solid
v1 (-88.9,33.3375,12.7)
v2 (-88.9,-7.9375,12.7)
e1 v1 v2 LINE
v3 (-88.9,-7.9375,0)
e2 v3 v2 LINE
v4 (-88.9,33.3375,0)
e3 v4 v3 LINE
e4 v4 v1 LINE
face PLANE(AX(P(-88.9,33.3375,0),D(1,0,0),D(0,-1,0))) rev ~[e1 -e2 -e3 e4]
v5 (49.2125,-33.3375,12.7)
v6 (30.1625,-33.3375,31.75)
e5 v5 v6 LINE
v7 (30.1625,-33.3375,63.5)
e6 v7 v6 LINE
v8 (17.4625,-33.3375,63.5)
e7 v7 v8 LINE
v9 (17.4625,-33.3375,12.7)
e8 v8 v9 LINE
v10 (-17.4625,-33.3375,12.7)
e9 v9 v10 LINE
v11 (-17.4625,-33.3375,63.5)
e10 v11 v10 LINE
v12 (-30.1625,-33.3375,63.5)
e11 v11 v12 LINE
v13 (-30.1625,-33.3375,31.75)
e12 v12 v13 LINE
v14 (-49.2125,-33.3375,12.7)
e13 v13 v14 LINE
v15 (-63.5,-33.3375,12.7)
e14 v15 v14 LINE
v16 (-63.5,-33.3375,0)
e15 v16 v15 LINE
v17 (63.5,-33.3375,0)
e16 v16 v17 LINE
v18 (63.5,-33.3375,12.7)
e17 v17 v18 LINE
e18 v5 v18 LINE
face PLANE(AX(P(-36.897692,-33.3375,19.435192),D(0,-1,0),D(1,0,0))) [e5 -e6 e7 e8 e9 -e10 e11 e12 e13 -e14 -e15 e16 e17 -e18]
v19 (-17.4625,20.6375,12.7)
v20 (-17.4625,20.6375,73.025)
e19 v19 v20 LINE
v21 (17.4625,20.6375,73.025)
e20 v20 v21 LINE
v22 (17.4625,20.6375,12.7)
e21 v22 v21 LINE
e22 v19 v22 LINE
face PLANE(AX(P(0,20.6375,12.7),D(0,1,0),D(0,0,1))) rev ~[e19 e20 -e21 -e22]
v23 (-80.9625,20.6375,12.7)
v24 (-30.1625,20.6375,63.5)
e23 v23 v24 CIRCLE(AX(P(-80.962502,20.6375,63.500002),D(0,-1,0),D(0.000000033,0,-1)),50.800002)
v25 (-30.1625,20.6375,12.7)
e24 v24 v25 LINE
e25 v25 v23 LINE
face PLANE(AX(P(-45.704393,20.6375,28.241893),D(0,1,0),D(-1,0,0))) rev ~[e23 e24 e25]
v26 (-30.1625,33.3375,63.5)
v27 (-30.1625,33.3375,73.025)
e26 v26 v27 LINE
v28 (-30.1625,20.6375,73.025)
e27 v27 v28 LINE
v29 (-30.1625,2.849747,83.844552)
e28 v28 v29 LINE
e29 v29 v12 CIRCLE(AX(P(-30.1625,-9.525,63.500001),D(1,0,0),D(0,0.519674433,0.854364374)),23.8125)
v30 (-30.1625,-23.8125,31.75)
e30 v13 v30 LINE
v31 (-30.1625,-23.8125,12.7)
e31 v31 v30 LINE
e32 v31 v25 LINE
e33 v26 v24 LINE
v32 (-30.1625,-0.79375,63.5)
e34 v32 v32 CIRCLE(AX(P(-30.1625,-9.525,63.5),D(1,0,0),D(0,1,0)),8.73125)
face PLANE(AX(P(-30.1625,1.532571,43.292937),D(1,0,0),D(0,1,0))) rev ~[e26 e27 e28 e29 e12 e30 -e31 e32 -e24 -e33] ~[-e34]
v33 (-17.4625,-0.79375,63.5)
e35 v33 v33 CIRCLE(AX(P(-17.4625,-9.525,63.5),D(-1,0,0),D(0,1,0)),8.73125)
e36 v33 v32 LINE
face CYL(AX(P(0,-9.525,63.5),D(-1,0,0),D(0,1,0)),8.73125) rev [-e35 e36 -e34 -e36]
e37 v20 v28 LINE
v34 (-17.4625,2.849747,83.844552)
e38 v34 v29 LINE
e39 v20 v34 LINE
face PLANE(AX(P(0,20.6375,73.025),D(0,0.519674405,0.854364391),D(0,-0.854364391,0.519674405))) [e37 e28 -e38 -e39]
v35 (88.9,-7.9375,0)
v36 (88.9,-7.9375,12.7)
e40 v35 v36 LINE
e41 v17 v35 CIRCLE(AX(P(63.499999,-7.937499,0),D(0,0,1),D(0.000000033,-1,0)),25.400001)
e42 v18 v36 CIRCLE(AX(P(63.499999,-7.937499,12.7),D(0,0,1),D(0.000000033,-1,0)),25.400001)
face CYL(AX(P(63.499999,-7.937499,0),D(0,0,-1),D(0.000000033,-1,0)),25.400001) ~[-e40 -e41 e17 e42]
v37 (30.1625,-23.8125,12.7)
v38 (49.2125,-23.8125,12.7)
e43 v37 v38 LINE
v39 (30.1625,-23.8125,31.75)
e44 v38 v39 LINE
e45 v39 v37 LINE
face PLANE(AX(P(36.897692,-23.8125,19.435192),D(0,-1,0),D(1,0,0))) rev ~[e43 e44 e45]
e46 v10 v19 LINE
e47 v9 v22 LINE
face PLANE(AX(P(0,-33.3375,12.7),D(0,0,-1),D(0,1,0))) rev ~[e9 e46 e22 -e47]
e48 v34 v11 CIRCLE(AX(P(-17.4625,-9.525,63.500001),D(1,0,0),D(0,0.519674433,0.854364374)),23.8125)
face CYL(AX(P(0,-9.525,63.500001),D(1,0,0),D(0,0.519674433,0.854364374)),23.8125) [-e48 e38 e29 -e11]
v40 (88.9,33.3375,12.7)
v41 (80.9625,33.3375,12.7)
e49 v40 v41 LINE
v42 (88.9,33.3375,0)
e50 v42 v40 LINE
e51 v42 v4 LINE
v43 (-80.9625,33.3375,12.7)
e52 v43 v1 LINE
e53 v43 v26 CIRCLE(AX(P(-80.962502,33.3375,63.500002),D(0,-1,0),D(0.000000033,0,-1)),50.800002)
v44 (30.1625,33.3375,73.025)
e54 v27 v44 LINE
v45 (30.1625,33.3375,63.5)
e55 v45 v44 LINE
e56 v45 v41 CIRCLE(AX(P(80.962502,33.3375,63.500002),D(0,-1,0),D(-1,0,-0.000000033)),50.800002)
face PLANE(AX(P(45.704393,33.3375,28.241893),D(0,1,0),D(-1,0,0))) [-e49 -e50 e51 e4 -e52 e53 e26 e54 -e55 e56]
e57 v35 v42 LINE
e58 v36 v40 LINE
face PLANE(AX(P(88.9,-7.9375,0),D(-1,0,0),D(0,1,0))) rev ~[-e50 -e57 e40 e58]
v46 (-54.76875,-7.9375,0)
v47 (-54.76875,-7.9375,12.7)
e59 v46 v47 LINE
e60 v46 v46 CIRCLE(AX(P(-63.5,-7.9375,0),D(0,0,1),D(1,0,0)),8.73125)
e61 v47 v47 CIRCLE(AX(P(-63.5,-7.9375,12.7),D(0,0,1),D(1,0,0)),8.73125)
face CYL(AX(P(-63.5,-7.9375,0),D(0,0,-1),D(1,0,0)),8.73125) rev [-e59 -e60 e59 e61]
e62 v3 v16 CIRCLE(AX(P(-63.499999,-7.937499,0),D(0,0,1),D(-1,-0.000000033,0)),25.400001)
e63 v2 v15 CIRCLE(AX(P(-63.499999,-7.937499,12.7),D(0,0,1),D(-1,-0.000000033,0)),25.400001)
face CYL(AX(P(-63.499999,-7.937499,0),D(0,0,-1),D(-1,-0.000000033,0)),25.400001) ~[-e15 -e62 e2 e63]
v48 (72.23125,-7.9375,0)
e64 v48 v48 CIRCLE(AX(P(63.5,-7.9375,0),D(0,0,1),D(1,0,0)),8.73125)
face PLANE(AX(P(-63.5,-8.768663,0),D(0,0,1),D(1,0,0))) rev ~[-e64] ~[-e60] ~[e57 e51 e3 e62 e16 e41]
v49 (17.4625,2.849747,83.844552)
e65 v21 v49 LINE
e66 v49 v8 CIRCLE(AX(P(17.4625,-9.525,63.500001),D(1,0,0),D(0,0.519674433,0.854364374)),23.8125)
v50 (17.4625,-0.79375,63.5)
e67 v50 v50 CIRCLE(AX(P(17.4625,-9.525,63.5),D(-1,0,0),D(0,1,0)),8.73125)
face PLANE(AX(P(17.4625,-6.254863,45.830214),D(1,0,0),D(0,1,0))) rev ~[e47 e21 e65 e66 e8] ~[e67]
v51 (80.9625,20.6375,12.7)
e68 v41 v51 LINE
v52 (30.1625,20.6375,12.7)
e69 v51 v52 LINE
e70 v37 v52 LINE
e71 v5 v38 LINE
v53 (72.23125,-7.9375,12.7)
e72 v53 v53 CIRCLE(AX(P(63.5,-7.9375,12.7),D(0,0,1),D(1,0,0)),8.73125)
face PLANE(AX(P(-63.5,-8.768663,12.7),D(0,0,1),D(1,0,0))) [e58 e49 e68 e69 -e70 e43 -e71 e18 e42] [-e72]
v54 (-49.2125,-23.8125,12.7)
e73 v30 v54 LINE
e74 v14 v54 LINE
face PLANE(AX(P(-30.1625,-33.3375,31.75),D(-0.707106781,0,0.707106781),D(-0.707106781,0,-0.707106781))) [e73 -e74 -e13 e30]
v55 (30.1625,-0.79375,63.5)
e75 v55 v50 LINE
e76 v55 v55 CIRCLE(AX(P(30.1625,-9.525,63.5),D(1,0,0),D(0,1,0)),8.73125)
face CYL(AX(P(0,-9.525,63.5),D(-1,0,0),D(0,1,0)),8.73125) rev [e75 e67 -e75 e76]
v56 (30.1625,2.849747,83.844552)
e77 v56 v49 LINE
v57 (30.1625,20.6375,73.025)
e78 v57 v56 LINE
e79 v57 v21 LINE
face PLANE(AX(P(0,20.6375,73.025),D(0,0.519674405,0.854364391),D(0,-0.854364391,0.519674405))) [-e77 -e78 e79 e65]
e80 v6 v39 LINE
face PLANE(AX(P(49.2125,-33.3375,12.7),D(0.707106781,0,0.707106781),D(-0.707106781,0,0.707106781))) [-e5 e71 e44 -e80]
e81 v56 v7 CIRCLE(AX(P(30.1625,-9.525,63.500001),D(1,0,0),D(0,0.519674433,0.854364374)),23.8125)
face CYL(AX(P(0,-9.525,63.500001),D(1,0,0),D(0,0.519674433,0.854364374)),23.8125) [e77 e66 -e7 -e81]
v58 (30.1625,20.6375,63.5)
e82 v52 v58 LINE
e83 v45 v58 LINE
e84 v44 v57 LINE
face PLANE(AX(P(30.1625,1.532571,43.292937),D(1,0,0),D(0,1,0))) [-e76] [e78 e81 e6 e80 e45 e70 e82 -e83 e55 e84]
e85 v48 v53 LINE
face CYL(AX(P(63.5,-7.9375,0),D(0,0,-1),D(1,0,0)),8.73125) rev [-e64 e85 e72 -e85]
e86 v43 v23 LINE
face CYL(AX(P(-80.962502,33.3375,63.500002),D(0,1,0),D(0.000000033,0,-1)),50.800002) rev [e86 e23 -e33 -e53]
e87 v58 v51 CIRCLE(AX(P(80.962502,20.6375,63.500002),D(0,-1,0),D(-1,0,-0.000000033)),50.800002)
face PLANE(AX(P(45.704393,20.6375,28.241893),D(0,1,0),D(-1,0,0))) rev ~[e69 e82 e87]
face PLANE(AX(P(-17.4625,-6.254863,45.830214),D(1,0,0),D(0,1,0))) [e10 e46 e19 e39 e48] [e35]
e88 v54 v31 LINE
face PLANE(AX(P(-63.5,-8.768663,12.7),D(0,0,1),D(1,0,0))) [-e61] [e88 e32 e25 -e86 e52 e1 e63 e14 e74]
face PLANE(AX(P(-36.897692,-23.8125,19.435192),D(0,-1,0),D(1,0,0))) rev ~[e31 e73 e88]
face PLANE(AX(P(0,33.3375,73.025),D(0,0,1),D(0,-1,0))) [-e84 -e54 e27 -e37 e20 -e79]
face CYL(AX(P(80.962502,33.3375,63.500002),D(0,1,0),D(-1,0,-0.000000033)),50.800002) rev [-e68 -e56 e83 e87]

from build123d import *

# Parameters (mm, degrees)
F0_R     = 8.73125
F1_DEPTH = 12.7
F2_R     = 8.73125
F3_DEPTH = 30.1625
F5_DEPTH = 17.4625
F7_DEPTH = 9.525
F9_DEPTH = 12.7


with BuildPart() as f1:
    # F0 (on Top) → F1 (new body)
    with BuildSketch(Plane.XY):
        with BuildLine():
            ThreePointArc((-88.9, -7.9375), (-81.460512, -25.898012), (-63.5, -33.3375))
            ThreePointArc((-63.5, -33.3375), (-45.539488, -25.898012), (-38.1, -7.9375))
            ThreePointArc((-38.1, -7.9375), (-63.5, 17.4625), (-88.9, -7.9375))
        make_face()
        with Locations((-63.5, -7.9375)):
            Circle(F0_R, mode=Mode.SUBTRACT)
        with BuildLine():
            ThreePointArc((-38.1, -7.9375), (-45.539488, -25.898012), (-63.5, -33.3375))
            Line((-63.5, -33.3375), (63.5, -33.3375))
            ThreePointArc((63.5, -33.3375), (45.539488, 10.023012), (88.9, -7.9375))
            Line((88.9, -7.9375), (88.9, 33.3375))
            Line((88.9, 33.3375), (-88.9, 33.3375))
            Line((-88.9, 33.3375), (-88.9, -7.9375))
            ThreePointArc((-88.9, -7.9375), (-63.5, 17.4625), (-38.1, -7.9375))
        make_face()
        with BuildLine():
            ThreePointArc((88.9, -7.9375), (45.539488, 10.023012), (63.5, -33.3375))
            ThreePointArc((63.5, -33.3375), (81.460512, -25.898012), (88.9, -7.9375))
        make_face()
        with Locations((63.5, -7.9375)):
            Circle(F0_R, mode=Mode.SUBTRACT)
    extrude(amount=F1_DEPTH)

    # F2 (on Right) → F3 (join, symmetric)
    with BuildSketch(Plane.YZ):
        with BuildLine():
            Line((-33.3375, 63.5), (-33.3375, 12.7))
            Line((-33.3375, 12.7), (-7.9375, 12.7))
            Line((-7.9375, 12.7), (33.3375, 12.7))
            Line((33.3375, 12.7), (33.3375, 73.025))
            Line((33.3375, 73.025), (20.6375, 73.025))
            Line((20.6375, 73.025), (2.849747, 83.844552))
            ThreePointArc((2.849747, 83.844552), (11.232033, 75.169651), (14.2875, 63.5))
            ThreePointArc((14.2875, 63.5), (-9.525, 39.6875), (-33.3375, 63.5))
        make_face()
        with BuildLine():
            ThreePointArc((2.849747, 83.844552), (-21.194651, 84.257033), (-33.3375, 63.5))
            ThreePointArc((-33.3375, 63.5), (-9.525, 39.6875), (14.2875, 63.5))
            ThreePointArc((14.2875, 63.5), (11.232033, 75.169651), (2.849747, 83.844552))
        make_face()
        with Locations((-9.525, 63.5)):
            Circle(F2_R, mode=Mode.SUBTRACT)
    extrude(amount=F3_DEPTH, both=True)

    # F4 (on Right) → F5 (cut, symmetric)
    with BuildSketch(Plane.YZ):
        with BuildLine():
            Line((-33.3375, 12.7), (-7.9375, 12.7))
            Line((-7.9375, 12.7), (20.6375, 12.7))
            Line((20.6375, 12.7), (20.6375, 73.025))
            Line((20.6375, 73.025), (2.849747, 83.844552))
            ThreePointArc((2.849747, 83.844552), (-21.194651, 84.257033), (-33.3375, 63.5))
            Line((-33.3375, 63.5), (-33.3375, 12.7))
        make_face()
    extrude(amount=F5_DEPTH, both=True, mode=Mode.SUBTRACT)

    # F6 (on face) → F7 (join)
    with BuildSketch(Plane.XZ.offset(33.3375)):
        Polygon((-30.1625, 31.75), (-49.2125, 12.7), (-30.1625, 12.7), align=None)
        Polygon((30.1625, 31.75), (30.1625, 12.7), (49.2125, 12.7), align=None)
    extrude(amount=-F7_DEPTH)

    # F8 (on face) → F9 (join, through all)
    with BuildSketch(Plane(origin=(0, 33.3375, 0), x_dir=(-1, 0, 0), z_dir=(0, 1, 0))):
        with BuildLine():
            ThreePointArc((-30.1625, 63.5), (-45.041476, 27.578976), (-80.9625, 12.7))
            Line((-80.9625, 12.7), (-30.1625, 12.7))
            Line((-30.1625, 12.7), (-30.1625, 63.5))
        make_face()
        with BuildLine():
            ThreePointArc((80.9625, 12.7), (45.041476, 27.578976), (30.1625, 63.5))
            Line((30.1625, 63.5), (30.1625, 12.7))
            Line((30.1625, 12.7), (80.9625, 12.7))
        make_face()
    extrude(amount=-F9_DEPTH)


solid = f1.part
